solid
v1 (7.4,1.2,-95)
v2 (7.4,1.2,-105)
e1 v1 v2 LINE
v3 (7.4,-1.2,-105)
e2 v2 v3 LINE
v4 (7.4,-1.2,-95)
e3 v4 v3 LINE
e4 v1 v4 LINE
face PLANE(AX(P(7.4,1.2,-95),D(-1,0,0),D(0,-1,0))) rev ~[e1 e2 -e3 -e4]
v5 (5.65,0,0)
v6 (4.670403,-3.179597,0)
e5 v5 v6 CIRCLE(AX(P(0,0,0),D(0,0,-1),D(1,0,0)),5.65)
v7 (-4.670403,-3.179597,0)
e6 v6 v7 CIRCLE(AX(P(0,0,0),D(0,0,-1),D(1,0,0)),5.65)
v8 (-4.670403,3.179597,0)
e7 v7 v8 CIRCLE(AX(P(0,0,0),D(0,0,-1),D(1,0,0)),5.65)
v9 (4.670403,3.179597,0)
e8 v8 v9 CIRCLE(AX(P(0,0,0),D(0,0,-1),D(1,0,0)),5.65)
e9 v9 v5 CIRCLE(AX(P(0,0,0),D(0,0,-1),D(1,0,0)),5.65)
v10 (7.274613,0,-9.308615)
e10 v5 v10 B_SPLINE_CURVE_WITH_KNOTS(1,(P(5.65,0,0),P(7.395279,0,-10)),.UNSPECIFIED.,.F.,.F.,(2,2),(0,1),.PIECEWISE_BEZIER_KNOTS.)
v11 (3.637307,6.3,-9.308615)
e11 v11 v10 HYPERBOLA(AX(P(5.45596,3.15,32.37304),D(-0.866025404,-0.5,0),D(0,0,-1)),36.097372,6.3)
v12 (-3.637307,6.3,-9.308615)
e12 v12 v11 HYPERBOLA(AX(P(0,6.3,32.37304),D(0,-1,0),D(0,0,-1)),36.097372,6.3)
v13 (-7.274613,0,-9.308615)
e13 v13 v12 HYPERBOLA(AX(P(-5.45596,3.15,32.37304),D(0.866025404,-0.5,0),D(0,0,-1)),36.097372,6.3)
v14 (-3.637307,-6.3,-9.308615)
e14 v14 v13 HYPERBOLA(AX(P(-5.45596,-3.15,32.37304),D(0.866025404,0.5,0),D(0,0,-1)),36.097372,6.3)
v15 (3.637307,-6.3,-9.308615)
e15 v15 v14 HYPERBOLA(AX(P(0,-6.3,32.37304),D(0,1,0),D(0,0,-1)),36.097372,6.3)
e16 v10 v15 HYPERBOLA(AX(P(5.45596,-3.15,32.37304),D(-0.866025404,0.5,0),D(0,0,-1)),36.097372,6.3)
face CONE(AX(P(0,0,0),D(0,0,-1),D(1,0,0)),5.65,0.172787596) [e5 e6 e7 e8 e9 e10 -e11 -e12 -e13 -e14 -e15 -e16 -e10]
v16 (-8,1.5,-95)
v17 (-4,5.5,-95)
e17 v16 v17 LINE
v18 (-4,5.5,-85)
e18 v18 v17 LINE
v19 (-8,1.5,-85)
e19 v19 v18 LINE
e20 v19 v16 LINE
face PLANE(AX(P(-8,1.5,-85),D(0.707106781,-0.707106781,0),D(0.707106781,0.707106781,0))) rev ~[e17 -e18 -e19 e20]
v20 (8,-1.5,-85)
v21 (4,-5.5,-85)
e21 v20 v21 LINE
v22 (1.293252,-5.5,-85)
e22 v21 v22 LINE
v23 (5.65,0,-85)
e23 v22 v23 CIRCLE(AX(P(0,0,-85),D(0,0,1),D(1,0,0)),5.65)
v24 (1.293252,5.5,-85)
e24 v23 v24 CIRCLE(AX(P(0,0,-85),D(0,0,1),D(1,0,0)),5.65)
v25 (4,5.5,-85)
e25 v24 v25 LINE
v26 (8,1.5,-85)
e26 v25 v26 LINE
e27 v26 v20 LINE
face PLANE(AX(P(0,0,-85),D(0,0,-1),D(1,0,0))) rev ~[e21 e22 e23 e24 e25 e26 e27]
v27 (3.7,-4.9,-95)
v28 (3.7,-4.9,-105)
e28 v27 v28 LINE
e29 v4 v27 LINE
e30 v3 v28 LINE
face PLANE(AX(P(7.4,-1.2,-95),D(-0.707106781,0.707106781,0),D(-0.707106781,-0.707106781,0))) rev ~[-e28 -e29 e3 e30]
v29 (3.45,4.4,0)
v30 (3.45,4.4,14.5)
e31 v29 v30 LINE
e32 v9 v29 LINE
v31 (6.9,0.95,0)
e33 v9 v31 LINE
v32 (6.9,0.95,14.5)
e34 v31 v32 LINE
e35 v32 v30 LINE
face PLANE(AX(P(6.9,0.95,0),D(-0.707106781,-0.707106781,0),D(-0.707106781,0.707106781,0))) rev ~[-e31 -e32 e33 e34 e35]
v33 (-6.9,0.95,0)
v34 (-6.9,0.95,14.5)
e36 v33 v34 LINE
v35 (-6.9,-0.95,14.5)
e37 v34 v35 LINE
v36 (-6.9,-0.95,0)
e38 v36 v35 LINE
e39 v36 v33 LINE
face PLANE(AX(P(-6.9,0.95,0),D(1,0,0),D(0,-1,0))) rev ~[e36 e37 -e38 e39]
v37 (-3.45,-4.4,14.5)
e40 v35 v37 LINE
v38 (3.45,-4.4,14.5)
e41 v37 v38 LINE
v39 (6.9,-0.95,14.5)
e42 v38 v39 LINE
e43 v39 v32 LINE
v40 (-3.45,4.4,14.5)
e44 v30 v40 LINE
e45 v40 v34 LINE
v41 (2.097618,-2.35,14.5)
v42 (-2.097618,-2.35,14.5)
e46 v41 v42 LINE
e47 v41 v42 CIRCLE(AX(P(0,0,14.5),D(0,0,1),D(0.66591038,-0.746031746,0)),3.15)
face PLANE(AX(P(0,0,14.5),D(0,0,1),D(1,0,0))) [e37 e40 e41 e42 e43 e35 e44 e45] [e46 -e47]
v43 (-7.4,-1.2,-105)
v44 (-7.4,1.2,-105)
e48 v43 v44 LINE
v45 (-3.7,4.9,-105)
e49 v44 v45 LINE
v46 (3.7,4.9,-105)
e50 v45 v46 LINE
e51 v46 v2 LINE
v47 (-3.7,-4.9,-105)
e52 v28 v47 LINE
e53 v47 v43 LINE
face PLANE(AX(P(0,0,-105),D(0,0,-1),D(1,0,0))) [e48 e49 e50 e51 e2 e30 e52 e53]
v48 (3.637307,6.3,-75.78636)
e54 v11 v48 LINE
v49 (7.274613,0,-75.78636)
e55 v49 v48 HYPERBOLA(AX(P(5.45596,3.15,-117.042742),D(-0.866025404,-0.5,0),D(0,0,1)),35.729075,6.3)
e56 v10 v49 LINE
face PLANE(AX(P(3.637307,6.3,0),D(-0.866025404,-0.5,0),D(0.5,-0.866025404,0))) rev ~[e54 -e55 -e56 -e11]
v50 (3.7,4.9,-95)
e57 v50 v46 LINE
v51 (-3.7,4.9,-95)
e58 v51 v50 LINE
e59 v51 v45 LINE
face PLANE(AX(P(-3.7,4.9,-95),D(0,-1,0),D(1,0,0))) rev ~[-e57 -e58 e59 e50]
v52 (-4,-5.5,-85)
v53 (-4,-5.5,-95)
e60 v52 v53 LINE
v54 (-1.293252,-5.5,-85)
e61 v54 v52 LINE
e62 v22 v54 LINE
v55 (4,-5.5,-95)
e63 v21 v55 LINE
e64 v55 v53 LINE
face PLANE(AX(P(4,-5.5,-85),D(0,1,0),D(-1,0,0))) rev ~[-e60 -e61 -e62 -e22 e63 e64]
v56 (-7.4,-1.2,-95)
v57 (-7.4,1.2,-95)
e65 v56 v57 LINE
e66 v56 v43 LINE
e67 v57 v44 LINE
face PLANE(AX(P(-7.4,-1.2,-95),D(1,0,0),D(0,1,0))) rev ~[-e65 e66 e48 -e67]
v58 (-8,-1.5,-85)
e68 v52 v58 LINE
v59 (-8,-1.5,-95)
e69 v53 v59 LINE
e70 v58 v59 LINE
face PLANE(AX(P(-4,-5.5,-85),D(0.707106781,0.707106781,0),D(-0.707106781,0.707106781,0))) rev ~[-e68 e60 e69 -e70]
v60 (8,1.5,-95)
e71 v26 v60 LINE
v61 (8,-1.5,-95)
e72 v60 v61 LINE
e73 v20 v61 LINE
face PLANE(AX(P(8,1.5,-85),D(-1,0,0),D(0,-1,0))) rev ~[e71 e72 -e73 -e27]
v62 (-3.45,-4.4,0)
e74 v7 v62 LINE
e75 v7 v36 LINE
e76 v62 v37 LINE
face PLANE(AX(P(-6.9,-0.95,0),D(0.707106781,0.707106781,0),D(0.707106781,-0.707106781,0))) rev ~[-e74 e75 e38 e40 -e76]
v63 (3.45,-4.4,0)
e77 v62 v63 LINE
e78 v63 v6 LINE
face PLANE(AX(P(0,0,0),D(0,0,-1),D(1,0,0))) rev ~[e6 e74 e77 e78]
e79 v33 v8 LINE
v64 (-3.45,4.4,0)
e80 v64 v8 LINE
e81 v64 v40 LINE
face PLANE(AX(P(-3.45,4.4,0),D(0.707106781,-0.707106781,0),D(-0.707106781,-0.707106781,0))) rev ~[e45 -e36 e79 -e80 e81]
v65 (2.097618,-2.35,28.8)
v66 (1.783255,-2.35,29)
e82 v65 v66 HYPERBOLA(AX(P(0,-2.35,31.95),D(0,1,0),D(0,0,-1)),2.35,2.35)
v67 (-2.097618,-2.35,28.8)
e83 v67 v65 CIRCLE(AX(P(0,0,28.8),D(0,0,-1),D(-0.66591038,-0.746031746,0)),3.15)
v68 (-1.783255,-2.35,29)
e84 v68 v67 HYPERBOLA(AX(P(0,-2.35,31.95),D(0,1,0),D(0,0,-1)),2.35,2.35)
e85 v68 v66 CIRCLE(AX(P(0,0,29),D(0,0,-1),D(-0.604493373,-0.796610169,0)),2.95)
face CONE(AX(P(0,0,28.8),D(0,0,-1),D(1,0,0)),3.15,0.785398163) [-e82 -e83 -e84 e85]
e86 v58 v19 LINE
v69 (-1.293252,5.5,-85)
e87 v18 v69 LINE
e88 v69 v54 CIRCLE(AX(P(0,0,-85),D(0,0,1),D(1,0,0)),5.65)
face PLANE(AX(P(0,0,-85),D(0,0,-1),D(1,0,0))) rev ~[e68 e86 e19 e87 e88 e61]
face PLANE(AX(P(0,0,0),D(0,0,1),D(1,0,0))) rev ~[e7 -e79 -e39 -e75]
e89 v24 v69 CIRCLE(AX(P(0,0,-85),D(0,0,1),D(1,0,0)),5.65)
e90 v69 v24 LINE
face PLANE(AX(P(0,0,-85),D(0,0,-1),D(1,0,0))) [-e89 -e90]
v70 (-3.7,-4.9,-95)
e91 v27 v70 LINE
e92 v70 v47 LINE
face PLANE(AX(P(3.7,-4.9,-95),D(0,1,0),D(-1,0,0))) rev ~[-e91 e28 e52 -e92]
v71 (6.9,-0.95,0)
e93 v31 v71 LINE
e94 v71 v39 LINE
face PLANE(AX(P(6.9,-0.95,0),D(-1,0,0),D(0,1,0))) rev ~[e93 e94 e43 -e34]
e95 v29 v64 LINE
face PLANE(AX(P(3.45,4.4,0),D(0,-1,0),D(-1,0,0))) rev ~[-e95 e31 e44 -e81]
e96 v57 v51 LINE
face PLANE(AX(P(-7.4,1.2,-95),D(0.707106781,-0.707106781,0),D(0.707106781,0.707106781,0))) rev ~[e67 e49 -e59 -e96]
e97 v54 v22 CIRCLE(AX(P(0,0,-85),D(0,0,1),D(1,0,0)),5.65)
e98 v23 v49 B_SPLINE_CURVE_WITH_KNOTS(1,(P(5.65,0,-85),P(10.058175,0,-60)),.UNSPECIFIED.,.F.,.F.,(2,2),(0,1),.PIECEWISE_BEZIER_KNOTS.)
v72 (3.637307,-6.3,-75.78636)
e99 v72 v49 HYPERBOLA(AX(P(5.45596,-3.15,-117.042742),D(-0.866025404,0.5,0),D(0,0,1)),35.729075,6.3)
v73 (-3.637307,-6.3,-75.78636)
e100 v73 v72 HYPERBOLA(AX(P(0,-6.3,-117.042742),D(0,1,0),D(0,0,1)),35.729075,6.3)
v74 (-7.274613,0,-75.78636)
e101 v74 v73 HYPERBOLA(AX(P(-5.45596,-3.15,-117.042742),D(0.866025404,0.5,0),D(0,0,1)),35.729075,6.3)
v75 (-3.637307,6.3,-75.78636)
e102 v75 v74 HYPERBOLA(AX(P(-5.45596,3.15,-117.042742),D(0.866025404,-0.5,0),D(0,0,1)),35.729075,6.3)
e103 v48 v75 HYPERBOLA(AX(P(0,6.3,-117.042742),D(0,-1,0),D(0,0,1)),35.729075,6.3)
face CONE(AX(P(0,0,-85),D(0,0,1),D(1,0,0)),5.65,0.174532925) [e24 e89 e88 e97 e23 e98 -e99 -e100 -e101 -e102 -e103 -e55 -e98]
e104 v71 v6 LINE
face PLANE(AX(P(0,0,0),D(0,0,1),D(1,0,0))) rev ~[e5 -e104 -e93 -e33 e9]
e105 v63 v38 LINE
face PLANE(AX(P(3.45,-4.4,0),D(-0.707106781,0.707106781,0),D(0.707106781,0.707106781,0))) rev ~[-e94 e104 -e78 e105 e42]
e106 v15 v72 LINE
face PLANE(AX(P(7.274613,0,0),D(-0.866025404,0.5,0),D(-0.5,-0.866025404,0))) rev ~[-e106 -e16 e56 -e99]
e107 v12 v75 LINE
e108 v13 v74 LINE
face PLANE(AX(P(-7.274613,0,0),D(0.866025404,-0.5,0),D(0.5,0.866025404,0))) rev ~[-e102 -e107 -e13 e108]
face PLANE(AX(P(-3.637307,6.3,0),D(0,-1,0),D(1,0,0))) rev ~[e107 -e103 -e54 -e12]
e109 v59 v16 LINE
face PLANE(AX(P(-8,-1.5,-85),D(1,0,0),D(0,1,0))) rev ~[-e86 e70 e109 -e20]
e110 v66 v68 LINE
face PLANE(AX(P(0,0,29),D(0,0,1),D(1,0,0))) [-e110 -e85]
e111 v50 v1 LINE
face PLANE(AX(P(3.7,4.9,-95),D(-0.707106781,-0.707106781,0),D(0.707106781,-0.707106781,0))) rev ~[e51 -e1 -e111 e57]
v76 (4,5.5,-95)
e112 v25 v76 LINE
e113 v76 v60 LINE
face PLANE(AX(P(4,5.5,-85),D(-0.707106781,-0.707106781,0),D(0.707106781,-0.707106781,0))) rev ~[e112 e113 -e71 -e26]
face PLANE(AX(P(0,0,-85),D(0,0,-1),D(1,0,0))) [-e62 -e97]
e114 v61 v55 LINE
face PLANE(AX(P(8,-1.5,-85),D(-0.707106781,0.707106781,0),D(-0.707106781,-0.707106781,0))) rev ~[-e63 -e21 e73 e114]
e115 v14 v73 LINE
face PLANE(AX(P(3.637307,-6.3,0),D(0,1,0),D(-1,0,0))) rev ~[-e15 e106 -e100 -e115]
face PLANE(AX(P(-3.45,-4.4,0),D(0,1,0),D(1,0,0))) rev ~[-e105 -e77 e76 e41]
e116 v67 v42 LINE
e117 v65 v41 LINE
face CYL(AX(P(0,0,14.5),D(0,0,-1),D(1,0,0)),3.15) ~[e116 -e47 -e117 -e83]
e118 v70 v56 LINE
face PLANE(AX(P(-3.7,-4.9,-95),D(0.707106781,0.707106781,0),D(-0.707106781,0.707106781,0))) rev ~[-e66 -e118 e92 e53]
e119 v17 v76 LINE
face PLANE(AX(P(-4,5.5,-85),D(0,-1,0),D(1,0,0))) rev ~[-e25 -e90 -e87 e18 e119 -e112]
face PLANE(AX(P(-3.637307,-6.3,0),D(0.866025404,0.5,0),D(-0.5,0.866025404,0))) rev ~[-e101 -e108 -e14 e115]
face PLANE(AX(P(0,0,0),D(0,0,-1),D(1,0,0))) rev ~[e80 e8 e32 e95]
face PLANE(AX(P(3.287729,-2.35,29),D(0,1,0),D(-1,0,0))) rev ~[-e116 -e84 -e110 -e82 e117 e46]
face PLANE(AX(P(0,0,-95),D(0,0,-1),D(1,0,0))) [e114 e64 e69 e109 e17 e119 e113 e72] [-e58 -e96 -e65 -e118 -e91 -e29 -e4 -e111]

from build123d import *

# Parameters (mm, degrees)
F1_DEPTH  = 14.5
F2_R      = 3.15
F3_DEPTH  = 14.5
F4_SIZE   = 0.2
F5_W      = 3.287728643
F5_H      = 0.8
F5_W_2    = 2.4924869649
F6_DEPTH  = 14.5
F8_DEPTH  = 85
F9_R      = 16.1404886934
F9_R_2    = 5.65
F10_DEPTH = 10
F10_TAPER = 9.9
F11_R     = 17.5534972963
F11_R_2   = 5.65
F12_DEPTH = 25
F12_TAPER = 10
F14_DEPTH = 10
F16_DEPTH = 10


with BuildPart() as f1:
    # F0 (on Top) → F1 (new body)
    with BuildSketch(Plane.XY):
        Polygon((-3.45, -4.4), (0, -4.4), (3.45, -4.4), (6.9, -0.95), (6.9, 0.95), (3.45, 4.4), (-3.45, 4.4), (-6.9, 0.95), (-6.9, -0.95), align=None)
    extrude(amount=F1_DEPTH)

    # F2 (on face) → F3 (join)
    with BuildSketch(Plane.XY.offset(14.5)):
        Circle(F2_R)
    extrude(amount=F3_DEPTH)

    # F4
    f4_edges = [f1.edges().sort_by_distance(p)[0] for p in [
        (-3.15, 0, 29),
    ]]
    chamfer(f4_edges, length=F4_SIZE)

    # F5 (on face) → F6 (cut)
    with BuildSketch(Plane.XY.offset(29)):
        with Locations((1.6438643215, -2.75)):
            Rectangle(F5_W, F5_H)
        with Locations((-1.2462434825, -2.75)):
            Rectangle(F5_W_2, F5_H)
    extrude(amount=-F6_DEPTH, mode=Mode.SUBTRACT)

    # F7 (on face) → F8 (join)
    with BuildSketch(Plane(origin=(0, 0, 0), x_dir=(1, 0, 0), z_dir=(0, 0, -1))):
        Polygon((3.6373066959, -6.3), (7.2746133918, 0), (3.6373066959, 6.3), (-3.6373066959, 6.3), (-7.2746133918, 0), (-3.6373066959, -6.3), align=None)
    extrude(amount=F8_DEPTH)

    # F9 (on face) → F10 (cut)
    with BuildSketch(Plane.XY):
        Circle(F9_R)
        Circle(F9_R_2, mode=Mode.SUBTRACT)
    extrude(amount=-F10_DEPTH, taper=F10_TAPER, mode=Mode.SUBTRACT)

    # F11 (on face) → F12 (cut)
    with BuildSketch(Plane(origin=(0, 0, -85), x_dir=(1, 0, 0), z_dir=(0, 0, -1))):
        Circle(F11_R)
        Circle(F11_R_2, mode=Mode.SUBTRACT)
    extrude(amount=-F12_DEPTH, taper=F12_TAPER, mode=Mode.SUBTRACT)

    # F13 (on face) → F14 (join)
    with BuildSketch(Plane(origin=(0, 0, -85), x_dir=(1, 0, 0), z_dir=(0, 0, -1))):
        Polygon((-4, -5.5), (0, -5.5), (4, -5.5), (8, -1.5), (8, 0), (8, 1.5), (4, 5.5), (0, 5.5), (-4, 5.5), (-8, 1.5), (-8, 0), (-8, -1.5), align=None)
    extrude(amount=F14_DEPTH)

    # F15 (on face) → F16 (join)
    with BuildSketch(Plane(origin=(0, 0, -95), x_dir=(1, 0, 0), z_dir=(0, 0, -1))):
        Polygon((-3.7, -4.9), (0, -4.9), (3.7, -4.9), (7.4, -1.2), (7.4, 0), (7.4, 1.2), (3.7, 4.9), (0, 4.9), (-3.7, 4.9), (-7.4, 1.2), (-7.4, 0), (-7.4, -1.2), align=None)
    extrude(amount=F16_DEPTH)


solid = f1.part
